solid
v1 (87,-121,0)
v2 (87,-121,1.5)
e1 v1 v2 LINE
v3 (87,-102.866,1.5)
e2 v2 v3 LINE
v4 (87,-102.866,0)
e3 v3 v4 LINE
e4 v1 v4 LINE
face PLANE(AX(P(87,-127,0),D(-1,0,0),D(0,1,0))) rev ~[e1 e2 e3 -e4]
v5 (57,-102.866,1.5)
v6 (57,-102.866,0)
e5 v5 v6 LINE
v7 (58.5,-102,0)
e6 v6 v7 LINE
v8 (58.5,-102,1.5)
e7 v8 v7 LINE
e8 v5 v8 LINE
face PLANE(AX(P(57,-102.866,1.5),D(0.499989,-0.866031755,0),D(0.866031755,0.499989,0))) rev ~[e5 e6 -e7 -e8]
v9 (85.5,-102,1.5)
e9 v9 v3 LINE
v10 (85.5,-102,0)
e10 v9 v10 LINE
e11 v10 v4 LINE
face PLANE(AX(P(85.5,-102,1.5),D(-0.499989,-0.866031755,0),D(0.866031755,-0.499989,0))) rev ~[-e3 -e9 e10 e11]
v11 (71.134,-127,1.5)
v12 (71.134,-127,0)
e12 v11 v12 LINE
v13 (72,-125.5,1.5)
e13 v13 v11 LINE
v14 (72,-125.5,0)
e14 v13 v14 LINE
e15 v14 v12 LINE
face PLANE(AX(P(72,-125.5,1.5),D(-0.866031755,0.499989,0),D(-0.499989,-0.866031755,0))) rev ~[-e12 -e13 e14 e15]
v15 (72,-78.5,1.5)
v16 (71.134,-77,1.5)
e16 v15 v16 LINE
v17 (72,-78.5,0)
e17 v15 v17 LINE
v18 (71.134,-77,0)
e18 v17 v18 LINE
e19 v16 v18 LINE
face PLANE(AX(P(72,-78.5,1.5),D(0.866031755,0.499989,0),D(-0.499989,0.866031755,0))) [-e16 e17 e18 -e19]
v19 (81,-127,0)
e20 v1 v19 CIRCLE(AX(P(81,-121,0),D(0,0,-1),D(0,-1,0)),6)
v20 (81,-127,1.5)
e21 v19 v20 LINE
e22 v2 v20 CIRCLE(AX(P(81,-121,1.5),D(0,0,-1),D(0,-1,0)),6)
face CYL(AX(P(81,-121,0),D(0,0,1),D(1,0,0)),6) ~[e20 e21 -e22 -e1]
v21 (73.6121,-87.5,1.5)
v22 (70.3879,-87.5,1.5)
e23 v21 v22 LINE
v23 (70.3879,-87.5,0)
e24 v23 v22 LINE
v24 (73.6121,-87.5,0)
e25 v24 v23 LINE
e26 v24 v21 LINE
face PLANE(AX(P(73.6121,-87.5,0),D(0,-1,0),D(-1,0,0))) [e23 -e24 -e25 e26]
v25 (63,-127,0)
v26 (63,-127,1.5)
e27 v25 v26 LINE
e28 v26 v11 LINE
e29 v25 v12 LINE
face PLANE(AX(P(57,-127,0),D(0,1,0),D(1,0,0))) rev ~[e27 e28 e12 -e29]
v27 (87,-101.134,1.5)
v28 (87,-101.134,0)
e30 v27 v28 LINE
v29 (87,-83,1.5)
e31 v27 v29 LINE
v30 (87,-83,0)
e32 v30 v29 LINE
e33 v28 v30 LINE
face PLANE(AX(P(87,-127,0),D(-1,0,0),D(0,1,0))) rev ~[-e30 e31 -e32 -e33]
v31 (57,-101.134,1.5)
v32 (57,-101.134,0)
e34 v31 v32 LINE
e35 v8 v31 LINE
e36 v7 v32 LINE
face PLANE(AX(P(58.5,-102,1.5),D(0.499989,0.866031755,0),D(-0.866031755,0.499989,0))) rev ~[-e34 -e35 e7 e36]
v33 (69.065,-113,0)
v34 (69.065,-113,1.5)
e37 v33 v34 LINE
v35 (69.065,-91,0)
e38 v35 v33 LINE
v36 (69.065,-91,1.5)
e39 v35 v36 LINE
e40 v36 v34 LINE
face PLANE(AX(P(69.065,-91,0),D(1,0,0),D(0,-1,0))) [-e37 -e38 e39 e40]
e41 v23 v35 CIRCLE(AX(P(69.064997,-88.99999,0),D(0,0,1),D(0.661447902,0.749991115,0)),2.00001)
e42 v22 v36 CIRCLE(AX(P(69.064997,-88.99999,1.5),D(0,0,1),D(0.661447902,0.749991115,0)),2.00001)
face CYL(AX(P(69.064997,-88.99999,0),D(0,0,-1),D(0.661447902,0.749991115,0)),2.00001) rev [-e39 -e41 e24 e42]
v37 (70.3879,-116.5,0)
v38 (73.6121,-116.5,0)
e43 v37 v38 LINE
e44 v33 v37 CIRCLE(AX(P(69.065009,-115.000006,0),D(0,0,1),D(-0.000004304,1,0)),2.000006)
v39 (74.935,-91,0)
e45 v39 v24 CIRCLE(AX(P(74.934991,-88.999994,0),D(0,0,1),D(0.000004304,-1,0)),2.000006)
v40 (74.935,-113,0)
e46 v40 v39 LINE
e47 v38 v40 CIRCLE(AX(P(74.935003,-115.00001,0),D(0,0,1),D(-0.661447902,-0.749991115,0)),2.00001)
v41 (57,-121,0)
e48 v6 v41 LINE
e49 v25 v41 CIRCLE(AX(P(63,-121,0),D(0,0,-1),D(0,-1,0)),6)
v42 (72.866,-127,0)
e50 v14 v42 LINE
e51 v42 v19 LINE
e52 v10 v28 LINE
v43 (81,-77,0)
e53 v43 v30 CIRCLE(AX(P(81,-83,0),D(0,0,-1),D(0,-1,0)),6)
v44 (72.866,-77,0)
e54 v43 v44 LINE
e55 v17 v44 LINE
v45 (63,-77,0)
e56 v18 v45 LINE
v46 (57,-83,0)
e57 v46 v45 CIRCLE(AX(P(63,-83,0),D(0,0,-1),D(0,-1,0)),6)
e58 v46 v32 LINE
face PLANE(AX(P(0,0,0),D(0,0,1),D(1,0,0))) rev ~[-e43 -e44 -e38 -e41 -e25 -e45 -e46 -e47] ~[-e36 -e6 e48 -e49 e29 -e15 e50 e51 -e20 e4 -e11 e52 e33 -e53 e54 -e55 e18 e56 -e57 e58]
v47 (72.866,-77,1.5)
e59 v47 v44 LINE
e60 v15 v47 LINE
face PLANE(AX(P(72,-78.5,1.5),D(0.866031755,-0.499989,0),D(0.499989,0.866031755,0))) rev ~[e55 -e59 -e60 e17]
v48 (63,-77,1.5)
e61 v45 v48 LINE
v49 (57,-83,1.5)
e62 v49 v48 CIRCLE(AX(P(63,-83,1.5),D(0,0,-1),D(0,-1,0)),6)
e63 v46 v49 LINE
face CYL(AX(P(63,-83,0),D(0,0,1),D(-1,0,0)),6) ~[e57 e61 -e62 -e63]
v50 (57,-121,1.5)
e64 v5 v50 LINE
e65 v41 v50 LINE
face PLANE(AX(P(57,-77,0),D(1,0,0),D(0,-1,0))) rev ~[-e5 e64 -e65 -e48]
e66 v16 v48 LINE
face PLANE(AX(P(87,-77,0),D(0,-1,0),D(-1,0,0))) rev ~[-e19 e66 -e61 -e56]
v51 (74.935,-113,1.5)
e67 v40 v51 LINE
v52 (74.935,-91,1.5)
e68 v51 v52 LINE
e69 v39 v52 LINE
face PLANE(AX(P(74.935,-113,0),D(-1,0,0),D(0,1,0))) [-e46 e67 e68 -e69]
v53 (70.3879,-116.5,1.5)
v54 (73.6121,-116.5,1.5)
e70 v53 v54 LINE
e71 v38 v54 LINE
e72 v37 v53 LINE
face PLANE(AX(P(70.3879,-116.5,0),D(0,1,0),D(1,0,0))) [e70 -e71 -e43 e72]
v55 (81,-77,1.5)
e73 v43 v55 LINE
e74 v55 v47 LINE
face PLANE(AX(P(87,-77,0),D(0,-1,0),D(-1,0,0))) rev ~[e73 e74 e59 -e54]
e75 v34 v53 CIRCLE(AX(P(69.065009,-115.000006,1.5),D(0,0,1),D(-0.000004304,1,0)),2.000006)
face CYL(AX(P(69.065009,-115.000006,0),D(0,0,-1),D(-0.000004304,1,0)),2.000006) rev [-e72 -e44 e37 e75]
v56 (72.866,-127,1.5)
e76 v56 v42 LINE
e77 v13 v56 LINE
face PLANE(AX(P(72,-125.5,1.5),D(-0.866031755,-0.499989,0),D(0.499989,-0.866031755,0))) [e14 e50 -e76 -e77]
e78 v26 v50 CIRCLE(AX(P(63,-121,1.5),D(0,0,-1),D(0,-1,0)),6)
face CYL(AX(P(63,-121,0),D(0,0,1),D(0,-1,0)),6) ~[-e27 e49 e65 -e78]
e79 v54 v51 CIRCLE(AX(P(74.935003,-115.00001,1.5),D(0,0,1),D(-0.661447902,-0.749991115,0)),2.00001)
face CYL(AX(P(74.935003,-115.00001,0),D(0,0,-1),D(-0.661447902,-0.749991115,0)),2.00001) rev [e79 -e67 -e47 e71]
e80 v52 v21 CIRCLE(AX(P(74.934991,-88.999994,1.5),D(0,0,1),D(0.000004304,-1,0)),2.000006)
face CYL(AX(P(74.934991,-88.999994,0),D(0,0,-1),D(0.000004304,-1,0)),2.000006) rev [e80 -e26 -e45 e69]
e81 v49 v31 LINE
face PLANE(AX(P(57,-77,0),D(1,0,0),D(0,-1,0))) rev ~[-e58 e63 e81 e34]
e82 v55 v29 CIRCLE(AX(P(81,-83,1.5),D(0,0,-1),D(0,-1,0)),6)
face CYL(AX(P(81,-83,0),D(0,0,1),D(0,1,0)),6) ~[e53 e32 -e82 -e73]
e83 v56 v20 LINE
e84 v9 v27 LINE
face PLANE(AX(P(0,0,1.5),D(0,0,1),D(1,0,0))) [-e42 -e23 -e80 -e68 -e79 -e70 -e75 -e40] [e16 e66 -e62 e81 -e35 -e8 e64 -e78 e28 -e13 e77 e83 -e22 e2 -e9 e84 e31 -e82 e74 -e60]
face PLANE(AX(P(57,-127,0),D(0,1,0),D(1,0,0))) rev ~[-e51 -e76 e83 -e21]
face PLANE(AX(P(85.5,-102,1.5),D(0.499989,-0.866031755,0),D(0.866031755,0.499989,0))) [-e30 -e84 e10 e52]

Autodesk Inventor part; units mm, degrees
ref_plane "YZ Plane" through (0, 0, 0) normal (1, 0, 0) x (0, 1, 0)
ref_plane "XZ Plane" through (0, 0, 0) normal (0, 1, 0) x (-1, 0, 0)
ref_plane "XY Plane" through (0, 0, 0) normal (0, 0, 1) x (1, 0, 0)
sketch "Sketch2" plane through (0, 0, 0) normal (0, 0, 1) x (1, 0, 0)
  line L0 (0, 0) -> (144, 0) construction
  line L1 (144, 0) -> (144, -204) construction
  line L2 (144, -204) -> (0, -204) construction
  line L3 (0, -204) -> (0, 0) construction
  circle A0 centre (135, -27) radius 3 construction
  circle A1 centre (122, -9) radius 3 construction
  circle A2 centre (135, -177) radius 3 construction
  circle A3 centre (122, -195) radius 3 construction
  circle A4 centre (22, -195) radius 3 construction
  circle A5 centre (9, -177) radius 3 construction
  circle A6 centre (9, -27) radius 3 construction
  circle A7 centre (22, -9) radius 3 construction
  line L4 (12, -12) -> (132, -12) construction
  line L5 (132, -12) -> (132, -192) construction
  line L6 (132, -192) -> (12, -192) construction
  line L7 (12, -192) -> (12, -12) construction
  circle A8 centre (22, -9) radius 2.925
  circle A9 centre (9, -27) radius 2.925
  circle A10 centre (122, -9) radius 2.925
  circle A11 centre (135, -27) radius 2.925
  circle A12 centre (135, -177) radius 2.925
  circle A13 centre (122, -195) radius 2.925
  circle A14 centre (22, -195) radius 2.925
  circle A15 centre (9, -177) radius 2.925
  line L8 (122, -9) -> (135, -9) construction
  line L9 (135, -9) -> (135, -27) construction
  line L10 (126, -27) -> (126, -18)
  line L11 (126, -18) -> (122, -18)
  line L12 (144, -27) -> (144, 0)
  line L13 (144, 0) -> (122, 0)
  line L14 (122, -195) -> (135, -195) construction
  line L15 (135, -195) -> (135, -177) construction
  line L16 (126, -177) -> (126, -186)
  line L17 (126, -186) -> (122, -186)
  line L18 (144, -177) -> (144, -204)
  line L19 (144, -204) -> (122, -204)
  line L20 (126, -27) -> (126, -177)
  line L21 (144, -177) -> (144, -27)
  line L22 (122, -9) -> (113, -9) construction
  line L23 (122, 0) -> (113, 0)
  line L24 (122, -18) -> (113, -18)
  line L25 (113, -18) -> (113, 0)
  line L26 (122, -195) -> (113, -195) construction
  line L27 (122, -204) -> (113, -204)
  line L28 (122, -186) -> (113, -186)
  line L29 (113, -186) -> (113, -204)
  line L30 (75.025, -87) -> (68.975, -87) construction
  line L31 (68.975, -87) -> (68.975, -117) construction
  line L32 (68.975, -117) -> (75.025, -117) construction
  line L33 (75.025, -117) -> (75.025, -87) construction
  line L34 (74.935, -87.5) -> (73.6121, -87.5)
  line L35 (69.065, -87.5) -> (69.065, -91)
  line L36 (69.065, -116.5) -> (70.3879, -116.5)
  line L37 (74.935, -116.5) -> (74.935, -113)
  arc A16 (73.6121, -116.5) -> (74.935, -113) centre (74.935, -115) ccw
  arc A17 (69.065, -113) -> (70.3879, -116.5) centre (69.065, -115) ccw
  arc A18 (74.935, -91) -> (73.6121, -87.5) centre (74.935, -89) ccw
  arc A19 (70.3879, -87.5) -> (69.065, -91) centre (69.065, -89) ccw
  line L38 (69.065, -91) -> (69.065, -113)
  line L39 (70.3879, -87.5) -> (69.065, -87.5)
  line L40 (73.6121, -87.5) -> (70.3879, -87.5)
  line L41 (74.935, -91) -> (74.935, -87.5)
  line L42 (74.935, -113) -> (74.935, -91)
  line L43 (70.3879, -116.5) -> (73.6121, -116.5)
  line L44 (73.6121, -116.5) -> (74.935, -116.5)
  line L45 (69.065, -113) -> (69.065, -116.5)
  arc A20 (69.065, -91) -> (70.3879, -87.5) centre (69.065, -89) ccw
  arc A21 (73.6121, -87.5) -> (74.935, -91) centre (74.935, -89) ccw
  arc A22 (74.935, -113) -> (73.6121, -116.5) centre (74.935, -115) ccw
  arc A23 (70.3879, -116.5) -> (69.065, -113) centre (69.065, -115) ccw
  line L46 (57, -127) -> (87, -127)
  line L47 (87, -127) -> (87, -77)
  line L48 (87, -77) -> (57, -77)
  line L49 (57, -77) -> (57, -127)
  point P0 (132, -102)
  point P1 (144, -102)
  point P2 (72, -12)
  point P3 (72, 0)
  point P4 (72, -87)
  point P5 (75.025, -102)
  point P6 (74.935, -102)
  point P7 (72, -87.5)
  point P8 (74.935, -102)
  point P9 (72, -87.5)
  point P10 (72, -77)
  point P11 (87, -102)
  dimension "d0" = 144
  dimension "d1" = 204
  dimension "d2" = 6
  dimension "d3" = 6
  dimension "d4" = 6
  dimension "d5" = 6
  dimension "d6" = 6
  dimension "d7" = 6
  dimension "d8" = 6
  dimension "d9" = 6
  dimension "d10" = 120
  dimension "d11" = 180
  dimension "d12" = 15
  dimension "d13" = 10
  dimension "d14" = 10
  dimension "d15" = 15
  dimension "d16" = 15
  dimension "d17" = 10
  dimension "d18" = 10
  dimension "d19" = 15
  dimension "d20" = 0.075
  dimension "d21" = 0.075
  dimension "d22" = 0.075
  dimension "d23" = 0.075
  dimension "d24" = 0.075
  dimension "d25" = 0.075
  dimension "d26" = 0.075
  dimension "d27" = 0.075
  dimension "d28" = 9
  dimension "d29" = 9
  dimension "d30" = 9
  dimension "d31" = 9
  dimension "d32" = 9
  dimension "d33" = 9
  dimension "d34" = 6.05
  dimension "d35" = 30
  dimension "d36" = 29
  dimension "d37" = 5.87
  dimension "d38" = 4
  dimension "d39" = 1.5
  dimension "d40" = 4
  dimension "d41" = 1.5
  dimension "d42" = 1.5
  dimension "d43" = 1.5
  dimension "d44" = 4
  dimension "d45" = 4
  dimension "d54" = 30
  dimension "d55" = 50
extrude "Extrusion1" add sketch "Sketch2" along normal blind 1.5 contours L49 L48 L47 L46
sketch "Sketch3" plane through (0, 0, 1.5) normal (0, 0, 1) x (1, 0, 0)
  line L0 (87, -77) -> (57, -77) construction
  line L1 (72, -77) -> (72, -78.5) construction
  line L2 (57, -127) -> (87, -127) construction
  line L3 (72, -127) -> (72, -125.5) construction
  line L4 (57, -77) -> (57, -127) construction
  line L5 (57, -102) -> (58.5, -102) construction
  line L6 (87, -127) -> (87, -77) construction
  line L7 (87, -102) -> (85.5, -102) construction
  line L8 (72, -78.5) -> (72.866, -77)
  line L9 (72, -78.5) -> (73.7321, -78.5) construction
  line L10 (72, -78.5) -> (71.134, -77)
  line L11 (71.134, -77) -> (72.866, -77)
  line L12 (72, -125.5) -> (72.866, -127)
  line L13 (72, -125.5) -> (71.134, -127)
  line L14 (72.866, -127) -> (71.134, -127)
  line L15 (58.5, -102) -> (57, -101.134)
  line L16 (57, -102.866) -> (58.5, -102)
  line L17 (57, -101.134) -> (57, -102.866)
  line L18 (85.5, -102) -> (87, -101.134)
  line L19 (85.5, -102) -> (87, -102.866)
  line L20 (87, -101.134) -> (87, -102.866)
  point P0 (0, 0)
  dimension "d59" = 1.5
  dimension "d60" = 1.5
  dimension "d61" = 1.5
  dimension "d62" = 1.5
  dimension "d63" = 60
  dimension "d64" = 60
  dimension "d65" = 60
  dimension "d66" = 60
  dimension "d67" = 60
extrude "Extrusion2" cut sketch "Sketch3" against normal blind 1.5
fillet "Fillet1" radius 6 4 edges at (57, -127, 0.75) (87, -127, 0.75) (87, -77, 0.75) (57, -77, 0.75)
equation "\"d0\" = d46"
equation "\"d1\" = d47"
equation "\"d2\" = d48"
equation "\"d3\" = d48"
equation "\"d4\" = d48"
equation "\"d5\" = d48"
equation "\"d6\" = d48"
equation "\"d7\" = d48"
equation "\"d8\" = d48"
equation "\"d9\" = d48"
equation "\"d10\" = d49"
equation "\"d11\" = d50"
equation "\"d12\" = d51"
equation "\"d13\" = d52"
equation "\"d14\" = d52"
equation "\"d15\" = d51"
equation "\"d16\" = d51"
equation "\"d17\" = d52"
equation "\"d18\" = d52"
equation "\"d19\" = d51"
equation "\"d20\" = d53"
equation "\"d21\" = d53"
equation "\"d22\" = d53"
equation "\"d23\" = d53"
equation "\"d24\" = d53"
equation "\"d25\" = d53"
equation "\"d26\" = d53"
equation "\"d27\" = d53"
equation "\"d28\" = 1.5 * d48"
equation "\"d29\" = 1.5 * d48"
equation "\"d30\" = 1.5 * d48"
equation "\"d31\" = 1.5 * d48"
equation "\"d32\" = 1.5 * d48"
equation "\"d33\" = 1.5 * d48"
equation "\"d40\" = d38"
equation "\"d41\" = d39"
equation "\"d42\" = d39"
equation "\"d43\" = d42"
equation "\"d44\" = d38"
equation "\"d45\" = d38"
equation "\"d60\" = d59"
equation "\"d61\" = d59"
equation "\"d62\" = d59"
equation "\"d46\" = 144"
equation "\"d47\" = 204"
equation "\"d48\" = 6"
equation "\"d49\" = 120"
equation "\"d50\" = 180"
equation "\"d51\" = 15"
equation "\"d52\" = 10"
equation "\"d53\" = 0.075"
properties part number "pcb-holder"
